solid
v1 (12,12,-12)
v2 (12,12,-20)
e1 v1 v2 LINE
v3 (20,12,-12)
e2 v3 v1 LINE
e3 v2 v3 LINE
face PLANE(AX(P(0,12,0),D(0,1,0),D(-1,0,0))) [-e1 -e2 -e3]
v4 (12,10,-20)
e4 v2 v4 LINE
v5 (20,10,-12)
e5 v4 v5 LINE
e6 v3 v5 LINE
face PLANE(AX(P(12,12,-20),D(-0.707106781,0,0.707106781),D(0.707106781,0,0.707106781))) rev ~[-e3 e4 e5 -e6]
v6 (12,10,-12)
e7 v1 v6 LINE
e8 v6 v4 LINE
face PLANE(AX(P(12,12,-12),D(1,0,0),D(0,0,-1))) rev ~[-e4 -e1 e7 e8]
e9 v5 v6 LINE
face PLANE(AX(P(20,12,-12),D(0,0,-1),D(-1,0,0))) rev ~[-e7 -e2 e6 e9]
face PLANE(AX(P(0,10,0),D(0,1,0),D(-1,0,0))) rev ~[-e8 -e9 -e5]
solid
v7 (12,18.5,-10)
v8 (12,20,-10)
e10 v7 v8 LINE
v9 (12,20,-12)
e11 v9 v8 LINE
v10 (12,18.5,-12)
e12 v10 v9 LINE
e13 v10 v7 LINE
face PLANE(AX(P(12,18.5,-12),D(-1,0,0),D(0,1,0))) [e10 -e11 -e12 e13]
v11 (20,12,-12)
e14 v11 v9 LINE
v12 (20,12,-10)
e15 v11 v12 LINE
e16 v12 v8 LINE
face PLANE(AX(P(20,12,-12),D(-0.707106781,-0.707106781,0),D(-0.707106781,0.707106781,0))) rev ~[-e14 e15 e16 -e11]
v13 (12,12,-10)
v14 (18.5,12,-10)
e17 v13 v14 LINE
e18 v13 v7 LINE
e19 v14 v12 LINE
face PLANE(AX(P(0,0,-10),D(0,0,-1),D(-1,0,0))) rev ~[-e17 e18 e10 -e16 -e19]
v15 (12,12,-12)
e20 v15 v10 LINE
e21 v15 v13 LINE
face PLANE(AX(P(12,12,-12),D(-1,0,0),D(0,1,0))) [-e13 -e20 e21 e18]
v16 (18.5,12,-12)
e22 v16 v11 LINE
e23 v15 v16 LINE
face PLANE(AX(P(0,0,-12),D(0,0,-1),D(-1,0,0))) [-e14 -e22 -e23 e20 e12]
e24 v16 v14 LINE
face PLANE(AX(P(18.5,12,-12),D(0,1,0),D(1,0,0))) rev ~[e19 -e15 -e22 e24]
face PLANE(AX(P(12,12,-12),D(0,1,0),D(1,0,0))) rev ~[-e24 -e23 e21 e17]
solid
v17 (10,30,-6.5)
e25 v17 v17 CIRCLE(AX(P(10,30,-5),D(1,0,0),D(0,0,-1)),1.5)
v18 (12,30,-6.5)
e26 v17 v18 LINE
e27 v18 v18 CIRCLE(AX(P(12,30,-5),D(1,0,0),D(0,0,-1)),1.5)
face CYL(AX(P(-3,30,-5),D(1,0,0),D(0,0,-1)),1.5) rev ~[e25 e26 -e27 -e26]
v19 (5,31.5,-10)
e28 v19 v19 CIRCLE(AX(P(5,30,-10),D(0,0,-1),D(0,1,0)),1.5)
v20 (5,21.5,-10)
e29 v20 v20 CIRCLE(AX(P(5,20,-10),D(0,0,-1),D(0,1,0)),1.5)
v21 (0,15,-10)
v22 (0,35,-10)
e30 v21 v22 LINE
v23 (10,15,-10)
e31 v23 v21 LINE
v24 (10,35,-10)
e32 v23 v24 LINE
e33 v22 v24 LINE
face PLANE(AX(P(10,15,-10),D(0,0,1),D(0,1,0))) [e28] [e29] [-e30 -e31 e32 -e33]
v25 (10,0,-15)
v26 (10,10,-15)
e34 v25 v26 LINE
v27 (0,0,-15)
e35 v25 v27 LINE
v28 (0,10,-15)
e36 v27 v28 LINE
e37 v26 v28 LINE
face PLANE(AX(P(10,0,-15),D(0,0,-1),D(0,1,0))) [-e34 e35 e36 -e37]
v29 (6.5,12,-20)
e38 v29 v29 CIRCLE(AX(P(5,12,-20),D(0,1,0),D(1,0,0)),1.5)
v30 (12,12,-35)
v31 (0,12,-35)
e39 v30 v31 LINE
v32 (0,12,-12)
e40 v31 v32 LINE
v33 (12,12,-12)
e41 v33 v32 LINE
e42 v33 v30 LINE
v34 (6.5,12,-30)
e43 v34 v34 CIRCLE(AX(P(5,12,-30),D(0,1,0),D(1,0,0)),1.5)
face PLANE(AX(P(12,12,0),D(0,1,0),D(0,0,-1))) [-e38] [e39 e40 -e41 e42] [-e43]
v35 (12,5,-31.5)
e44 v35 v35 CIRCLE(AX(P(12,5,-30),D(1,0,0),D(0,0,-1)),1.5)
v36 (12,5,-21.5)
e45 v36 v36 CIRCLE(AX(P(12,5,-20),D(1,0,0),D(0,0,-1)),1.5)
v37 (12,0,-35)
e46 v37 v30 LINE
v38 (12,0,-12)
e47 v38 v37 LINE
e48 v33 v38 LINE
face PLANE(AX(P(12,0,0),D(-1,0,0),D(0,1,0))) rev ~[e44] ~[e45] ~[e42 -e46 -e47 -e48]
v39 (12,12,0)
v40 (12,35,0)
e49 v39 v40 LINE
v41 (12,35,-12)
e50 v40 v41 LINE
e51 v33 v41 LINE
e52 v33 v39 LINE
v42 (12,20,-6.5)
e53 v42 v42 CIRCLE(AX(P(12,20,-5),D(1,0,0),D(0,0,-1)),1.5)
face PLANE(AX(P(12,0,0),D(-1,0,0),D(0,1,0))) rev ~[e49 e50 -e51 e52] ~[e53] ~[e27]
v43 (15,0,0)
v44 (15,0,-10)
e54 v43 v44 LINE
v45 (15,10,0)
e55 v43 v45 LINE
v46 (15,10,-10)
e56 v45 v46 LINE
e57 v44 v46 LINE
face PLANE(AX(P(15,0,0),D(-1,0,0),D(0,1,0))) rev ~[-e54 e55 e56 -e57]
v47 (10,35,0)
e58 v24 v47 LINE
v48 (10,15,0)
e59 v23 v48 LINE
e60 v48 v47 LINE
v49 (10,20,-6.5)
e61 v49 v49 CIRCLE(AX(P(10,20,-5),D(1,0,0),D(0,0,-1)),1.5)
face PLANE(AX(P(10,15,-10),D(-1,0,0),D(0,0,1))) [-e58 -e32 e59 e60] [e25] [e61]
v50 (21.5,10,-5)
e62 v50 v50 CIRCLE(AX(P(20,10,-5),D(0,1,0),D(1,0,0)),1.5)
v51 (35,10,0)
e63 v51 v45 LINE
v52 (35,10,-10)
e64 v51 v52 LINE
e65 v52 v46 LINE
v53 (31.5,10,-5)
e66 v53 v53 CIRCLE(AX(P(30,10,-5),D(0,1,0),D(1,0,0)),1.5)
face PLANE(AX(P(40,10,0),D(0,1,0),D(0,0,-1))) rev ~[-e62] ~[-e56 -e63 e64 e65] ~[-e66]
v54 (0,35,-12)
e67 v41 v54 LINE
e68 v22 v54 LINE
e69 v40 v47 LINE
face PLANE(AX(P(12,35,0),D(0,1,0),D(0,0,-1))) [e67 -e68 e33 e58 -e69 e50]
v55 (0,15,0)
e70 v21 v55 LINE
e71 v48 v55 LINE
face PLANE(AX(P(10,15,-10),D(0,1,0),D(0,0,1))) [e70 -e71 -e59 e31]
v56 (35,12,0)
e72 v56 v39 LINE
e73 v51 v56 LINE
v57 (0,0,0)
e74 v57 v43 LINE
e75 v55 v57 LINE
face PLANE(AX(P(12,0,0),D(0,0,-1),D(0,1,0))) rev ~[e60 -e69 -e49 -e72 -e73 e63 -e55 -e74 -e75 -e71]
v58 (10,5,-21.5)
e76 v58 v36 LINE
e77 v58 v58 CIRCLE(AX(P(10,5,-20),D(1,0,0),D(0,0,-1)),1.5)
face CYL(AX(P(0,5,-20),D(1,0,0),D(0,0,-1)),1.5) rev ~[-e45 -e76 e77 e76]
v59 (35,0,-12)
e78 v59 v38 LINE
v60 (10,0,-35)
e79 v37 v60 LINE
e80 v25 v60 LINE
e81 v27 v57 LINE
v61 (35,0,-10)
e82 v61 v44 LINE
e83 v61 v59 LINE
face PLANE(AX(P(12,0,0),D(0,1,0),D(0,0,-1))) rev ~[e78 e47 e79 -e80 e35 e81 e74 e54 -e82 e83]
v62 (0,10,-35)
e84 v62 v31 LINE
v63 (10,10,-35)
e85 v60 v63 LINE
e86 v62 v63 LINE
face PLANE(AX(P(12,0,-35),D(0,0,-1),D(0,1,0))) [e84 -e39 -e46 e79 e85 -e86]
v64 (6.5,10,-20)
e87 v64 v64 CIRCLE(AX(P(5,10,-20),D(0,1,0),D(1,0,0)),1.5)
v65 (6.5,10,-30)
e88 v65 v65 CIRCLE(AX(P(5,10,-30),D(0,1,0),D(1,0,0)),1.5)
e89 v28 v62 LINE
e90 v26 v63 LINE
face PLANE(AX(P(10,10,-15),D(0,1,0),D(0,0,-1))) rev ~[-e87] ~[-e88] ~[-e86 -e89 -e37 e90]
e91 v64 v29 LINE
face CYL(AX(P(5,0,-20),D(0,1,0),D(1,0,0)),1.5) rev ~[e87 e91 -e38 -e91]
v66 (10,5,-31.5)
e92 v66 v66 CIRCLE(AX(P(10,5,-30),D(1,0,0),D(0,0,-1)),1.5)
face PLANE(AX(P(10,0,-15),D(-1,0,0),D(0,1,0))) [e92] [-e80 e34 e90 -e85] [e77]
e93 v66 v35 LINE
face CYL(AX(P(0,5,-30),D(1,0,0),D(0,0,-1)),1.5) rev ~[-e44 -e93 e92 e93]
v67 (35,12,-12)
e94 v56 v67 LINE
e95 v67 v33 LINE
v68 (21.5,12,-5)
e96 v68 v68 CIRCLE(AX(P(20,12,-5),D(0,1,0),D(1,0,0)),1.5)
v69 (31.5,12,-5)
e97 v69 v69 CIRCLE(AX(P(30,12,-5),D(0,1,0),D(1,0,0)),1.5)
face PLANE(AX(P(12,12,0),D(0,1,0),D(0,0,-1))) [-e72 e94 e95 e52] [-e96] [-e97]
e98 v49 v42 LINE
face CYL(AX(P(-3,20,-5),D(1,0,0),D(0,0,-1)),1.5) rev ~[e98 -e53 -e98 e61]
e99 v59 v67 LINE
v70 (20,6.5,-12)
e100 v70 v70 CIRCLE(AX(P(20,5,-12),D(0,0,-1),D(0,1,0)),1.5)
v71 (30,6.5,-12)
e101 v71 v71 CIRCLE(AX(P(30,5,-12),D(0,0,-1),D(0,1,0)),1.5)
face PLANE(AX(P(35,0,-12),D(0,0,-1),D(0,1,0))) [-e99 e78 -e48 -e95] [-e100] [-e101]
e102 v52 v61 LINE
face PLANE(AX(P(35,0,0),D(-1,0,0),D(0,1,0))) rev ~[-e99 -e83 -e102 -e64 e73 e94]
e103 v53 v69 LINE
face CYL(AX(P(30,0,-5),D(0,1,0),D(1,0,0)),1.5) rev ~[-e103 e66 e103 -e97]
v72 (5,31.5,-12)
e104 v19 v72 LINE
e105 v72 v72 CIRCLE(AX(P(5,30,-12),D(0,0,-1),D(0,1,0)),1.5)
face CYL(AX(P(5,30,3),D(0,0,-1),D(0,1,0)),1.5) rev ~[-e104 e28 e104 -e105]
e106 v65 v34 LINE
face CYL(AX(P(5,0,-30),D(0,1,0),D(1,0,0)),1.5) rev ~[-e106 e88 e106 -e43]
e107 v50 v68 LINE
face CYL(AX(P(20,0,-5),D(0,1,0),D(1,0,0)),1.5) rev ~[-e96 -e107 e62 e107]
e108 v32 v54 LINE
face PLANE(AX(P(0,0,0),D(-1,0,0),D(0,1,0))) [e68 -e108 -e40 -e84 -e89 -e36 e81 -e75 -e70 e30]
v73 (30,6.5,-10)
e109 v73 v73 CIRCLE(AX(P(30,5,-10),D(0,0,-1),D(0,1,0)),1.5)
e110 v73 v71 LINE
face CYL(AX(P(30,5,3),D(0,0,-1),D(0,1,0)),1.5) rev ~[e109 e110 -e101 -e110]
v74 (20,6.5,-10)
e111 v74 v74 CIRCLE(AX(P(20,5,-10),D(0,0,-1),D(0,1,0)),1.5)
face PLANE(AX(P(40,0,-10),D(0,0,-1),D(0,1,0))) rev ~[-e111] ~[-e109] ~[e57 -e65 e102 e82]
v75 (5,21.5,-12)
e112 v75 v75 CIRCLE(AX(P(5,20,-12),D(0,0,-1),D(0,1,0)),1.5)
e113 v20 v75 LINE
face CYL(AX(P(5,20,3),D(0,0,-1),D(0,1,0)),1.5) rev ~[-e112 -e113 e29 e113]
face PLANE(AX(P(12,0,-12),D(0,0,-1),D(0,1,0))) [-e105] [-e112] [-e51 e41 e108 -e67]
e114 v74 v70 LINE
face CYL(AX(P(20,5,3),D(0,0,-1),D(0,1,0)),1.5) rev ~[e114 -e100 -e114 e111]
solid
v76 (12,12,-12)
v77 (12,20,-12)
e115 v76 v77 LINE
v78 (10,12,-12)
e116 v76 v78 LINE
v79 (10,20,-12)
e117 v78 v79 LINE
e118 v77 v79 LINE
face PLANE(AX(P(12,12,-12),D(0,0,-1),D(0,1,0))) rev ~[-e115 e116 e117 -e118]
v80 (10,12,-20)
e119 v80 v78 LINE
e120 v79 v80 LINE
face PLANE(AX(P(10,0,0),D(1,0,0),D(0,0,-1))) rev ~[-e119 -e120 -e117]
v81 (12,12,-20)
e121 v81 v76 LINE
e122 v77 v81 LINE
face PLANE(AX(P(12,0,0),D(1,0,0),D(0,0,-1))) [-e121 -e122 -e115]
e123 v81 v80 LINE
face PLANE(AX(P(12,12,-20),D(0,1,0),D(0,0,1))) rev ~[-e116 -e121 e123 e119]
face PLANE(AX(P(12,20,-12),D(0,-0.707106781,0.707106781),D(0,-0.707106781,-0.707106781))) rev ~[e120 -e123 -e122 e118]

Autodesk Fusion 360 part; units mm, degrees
box "BoxPrimitive1" add length 35 width 12 height 12 placed x (0, 0, -1) y (-1, 0, 0) z (0, 1, 0) at (12, 0, 0) makes body 1
box "BoxPrimitive2" add length 12 width 35 height 12 placed x (0, 0, -1) y (-1, 0, 0) z (0, 1, 0) at (35, 0, 0) bodies 1
box "BoxPrimitive3" add length 12 width 12 height 35 placed x (0, 0, -1) y (-1, 0, 0) z (0, 1, 0) at (12, 0, 0) bodies 1
cylinder "CylinderPrimitive1" cut diameter 3 height 15 placed x (1, 0, 0) y (0, 0, -1) z (0, 1, 0) at (30, 0, -5) bodies 1
cylinder "CylinderPrimitive2" cut diameter 3 height 15 placed x (1, 0, 0) y (0, 0, -1) z (0, 1, 0) at (20, 0, -5) bodies 1
cylinder "CylinderPrimitive3" cut diameter 3 height 15 placed x (1, 0, 0) y (0, 0, -1) z (0, 1, 0) at (5, 0, -30) bodies 1
cylinder "CylinderPrimitive4" cut diameter 3 height 15 placed x (1, 0, 0) y (0, 0, -1) z (0, 1, 0) at (5, 0, -20) bodies 1
cylinder "CylinderPrimitive5" cut diameter 3 height 15 placed x (0, 0, -1) y (0, 1, 0) z (1, 0, 0) at (0, 5, -30) bodies 1
cylinder "CylinderPrimitive6" cut diameter 3 height 15 placed x (0, 0, -1) y (0, 1, 0) z (1, 0, 0) at (0, 5, -20) bodies 1
cylinder "CylinderPrimitive7" cut diameter 3 height -15 placed x (0, 1, 0) y (1, 0, 0) z (0, 0, -1) at (30, 5, -12) bodies 1
cylinder "CylinderPrimitive8" cut diameter 3 height -15 placed x (0, 1, 0) y (1, 0, 0) z (0, 0, -1) at (20, 5, -12) bodies 1
cylinder "CylinderPrimitive9" cut diameter 3 height -15 placed x (0, 0, -1) y (0, 1, 0) z (1, 0, 0) at (12, 30, -5) bodies 1
cylinder "CylinderPrimitive10" cut diameter 3 height -15 placed x (0, 0, -1) y (0, 1, 0) z (1, 0, 0) at (12, 20, -5) bodies 1
cylinder "CylinderPrimitive11" cut diameter 3 height -15 placed x (0, 1, 0) y (1, 0, 0) z (0, 0, -1) at (5, 30, -12) bodies 1
cylinder "CylinderPrimitive12" cut diameter 3 height -15 placed x (0, 1, 0) y (1, 0, 0) z (0, 0, -1) at (5, 20, -12) bodies 1
sketch "Sketch24" plane through (0, 0, -12) normal (0, 0, -1) x (-1, 0, 0)
  circle A0 centre (-20, 5) radius 1.5
  circle A1 centre (-30, 5) radius 1.5
  line L0 (-12, 0) -> (-12, 12)
  line L1 (-12, 12) -> (-35, 12)
  line L2 (-35, 12) -> (-35, 0)
  line L3 (-35, 0) -> (-12, 0)
  line L4 (-21.5, 12) -> (-18.5, 12)
  line L5 (-12, 18.5) -> (-12, 21.5)
  line L6 (-20, 12) -> (-12, 20)
  line L7 (-12, 12) -> (-12, 20)
extrude "Extrude5" add sketch "Sketch24" against normal blind 2 separate body contours L1 L4 L5 L6 L7 makes body 2
sketch "Sketch25" plane through (12, 0, 0) normal (1, 0, 0) x (0, 0, -1)
  circle A0 centre (20, 5) radius 1.5
  circle A1 centre (30, 5) radius 1.5
  line L0 (12, 12) -> (12, 0)
  line L1 (12, 0) -> (35, 0)
  line L2 (35, 0) -> (35, 12)
  line L3 (35, 12) -> (12, 12)
  line L4 (12, 20) -> (20, 12)
  line L5 (12, 12) -> (12, 20)
  point P0 (12, 20)
  point P1 (20, 12)
extrude "Extrude6" add sketch "Sketch25" against normal blind 2 separate body contours L3 L4 L5 makes body 3
sketch "Sketch26" plane through (0, 12, 0) normal (0, 1, 0) x (-1, 0, 0)
  circle A0 centre (-5, -20) radius 1.5
  circle A1 centre (-5, -30) radius 1.5
  line L0 (0, -12) -> (-12, -12)
  line L1 (-12, -12) -> (-12, -35)
  line L2 (-12, -35) -> (0, -35)
  line L3 (0, -35) -> (0, -12)
  line L4 (-12, -20) -> (-20, -12)
  line L5 (-20, -12) -> (-12, -12)
  point P0 (-12, -20)
  point P1 (-20, -12)
extrude "Extrude7" add sketch "Sketch26" against normal blind 2 separate body contours L1 L4 L5 makes body 4
box "BoxPrimitive7" cut length 10 width 25 height 10 placed x (0, 0, -1) y (-1, 0, 0) z (0, 1, 0) at (40, 0, 0) bodies 1
box "BoxPrimitive8" cut length 25 width 10 height 10 placed x (0, 0, -1) y (-1, 0, 0) z (0, 1, 0) at (10, 0, -15) bodies 1
box "BoxPrimitive9" cut length 25 width 10 height -10 placed x (0, 1, 0) y (-1, 0, 0) z (0, 0, 1) at (10, 15, 0) bodies 1
